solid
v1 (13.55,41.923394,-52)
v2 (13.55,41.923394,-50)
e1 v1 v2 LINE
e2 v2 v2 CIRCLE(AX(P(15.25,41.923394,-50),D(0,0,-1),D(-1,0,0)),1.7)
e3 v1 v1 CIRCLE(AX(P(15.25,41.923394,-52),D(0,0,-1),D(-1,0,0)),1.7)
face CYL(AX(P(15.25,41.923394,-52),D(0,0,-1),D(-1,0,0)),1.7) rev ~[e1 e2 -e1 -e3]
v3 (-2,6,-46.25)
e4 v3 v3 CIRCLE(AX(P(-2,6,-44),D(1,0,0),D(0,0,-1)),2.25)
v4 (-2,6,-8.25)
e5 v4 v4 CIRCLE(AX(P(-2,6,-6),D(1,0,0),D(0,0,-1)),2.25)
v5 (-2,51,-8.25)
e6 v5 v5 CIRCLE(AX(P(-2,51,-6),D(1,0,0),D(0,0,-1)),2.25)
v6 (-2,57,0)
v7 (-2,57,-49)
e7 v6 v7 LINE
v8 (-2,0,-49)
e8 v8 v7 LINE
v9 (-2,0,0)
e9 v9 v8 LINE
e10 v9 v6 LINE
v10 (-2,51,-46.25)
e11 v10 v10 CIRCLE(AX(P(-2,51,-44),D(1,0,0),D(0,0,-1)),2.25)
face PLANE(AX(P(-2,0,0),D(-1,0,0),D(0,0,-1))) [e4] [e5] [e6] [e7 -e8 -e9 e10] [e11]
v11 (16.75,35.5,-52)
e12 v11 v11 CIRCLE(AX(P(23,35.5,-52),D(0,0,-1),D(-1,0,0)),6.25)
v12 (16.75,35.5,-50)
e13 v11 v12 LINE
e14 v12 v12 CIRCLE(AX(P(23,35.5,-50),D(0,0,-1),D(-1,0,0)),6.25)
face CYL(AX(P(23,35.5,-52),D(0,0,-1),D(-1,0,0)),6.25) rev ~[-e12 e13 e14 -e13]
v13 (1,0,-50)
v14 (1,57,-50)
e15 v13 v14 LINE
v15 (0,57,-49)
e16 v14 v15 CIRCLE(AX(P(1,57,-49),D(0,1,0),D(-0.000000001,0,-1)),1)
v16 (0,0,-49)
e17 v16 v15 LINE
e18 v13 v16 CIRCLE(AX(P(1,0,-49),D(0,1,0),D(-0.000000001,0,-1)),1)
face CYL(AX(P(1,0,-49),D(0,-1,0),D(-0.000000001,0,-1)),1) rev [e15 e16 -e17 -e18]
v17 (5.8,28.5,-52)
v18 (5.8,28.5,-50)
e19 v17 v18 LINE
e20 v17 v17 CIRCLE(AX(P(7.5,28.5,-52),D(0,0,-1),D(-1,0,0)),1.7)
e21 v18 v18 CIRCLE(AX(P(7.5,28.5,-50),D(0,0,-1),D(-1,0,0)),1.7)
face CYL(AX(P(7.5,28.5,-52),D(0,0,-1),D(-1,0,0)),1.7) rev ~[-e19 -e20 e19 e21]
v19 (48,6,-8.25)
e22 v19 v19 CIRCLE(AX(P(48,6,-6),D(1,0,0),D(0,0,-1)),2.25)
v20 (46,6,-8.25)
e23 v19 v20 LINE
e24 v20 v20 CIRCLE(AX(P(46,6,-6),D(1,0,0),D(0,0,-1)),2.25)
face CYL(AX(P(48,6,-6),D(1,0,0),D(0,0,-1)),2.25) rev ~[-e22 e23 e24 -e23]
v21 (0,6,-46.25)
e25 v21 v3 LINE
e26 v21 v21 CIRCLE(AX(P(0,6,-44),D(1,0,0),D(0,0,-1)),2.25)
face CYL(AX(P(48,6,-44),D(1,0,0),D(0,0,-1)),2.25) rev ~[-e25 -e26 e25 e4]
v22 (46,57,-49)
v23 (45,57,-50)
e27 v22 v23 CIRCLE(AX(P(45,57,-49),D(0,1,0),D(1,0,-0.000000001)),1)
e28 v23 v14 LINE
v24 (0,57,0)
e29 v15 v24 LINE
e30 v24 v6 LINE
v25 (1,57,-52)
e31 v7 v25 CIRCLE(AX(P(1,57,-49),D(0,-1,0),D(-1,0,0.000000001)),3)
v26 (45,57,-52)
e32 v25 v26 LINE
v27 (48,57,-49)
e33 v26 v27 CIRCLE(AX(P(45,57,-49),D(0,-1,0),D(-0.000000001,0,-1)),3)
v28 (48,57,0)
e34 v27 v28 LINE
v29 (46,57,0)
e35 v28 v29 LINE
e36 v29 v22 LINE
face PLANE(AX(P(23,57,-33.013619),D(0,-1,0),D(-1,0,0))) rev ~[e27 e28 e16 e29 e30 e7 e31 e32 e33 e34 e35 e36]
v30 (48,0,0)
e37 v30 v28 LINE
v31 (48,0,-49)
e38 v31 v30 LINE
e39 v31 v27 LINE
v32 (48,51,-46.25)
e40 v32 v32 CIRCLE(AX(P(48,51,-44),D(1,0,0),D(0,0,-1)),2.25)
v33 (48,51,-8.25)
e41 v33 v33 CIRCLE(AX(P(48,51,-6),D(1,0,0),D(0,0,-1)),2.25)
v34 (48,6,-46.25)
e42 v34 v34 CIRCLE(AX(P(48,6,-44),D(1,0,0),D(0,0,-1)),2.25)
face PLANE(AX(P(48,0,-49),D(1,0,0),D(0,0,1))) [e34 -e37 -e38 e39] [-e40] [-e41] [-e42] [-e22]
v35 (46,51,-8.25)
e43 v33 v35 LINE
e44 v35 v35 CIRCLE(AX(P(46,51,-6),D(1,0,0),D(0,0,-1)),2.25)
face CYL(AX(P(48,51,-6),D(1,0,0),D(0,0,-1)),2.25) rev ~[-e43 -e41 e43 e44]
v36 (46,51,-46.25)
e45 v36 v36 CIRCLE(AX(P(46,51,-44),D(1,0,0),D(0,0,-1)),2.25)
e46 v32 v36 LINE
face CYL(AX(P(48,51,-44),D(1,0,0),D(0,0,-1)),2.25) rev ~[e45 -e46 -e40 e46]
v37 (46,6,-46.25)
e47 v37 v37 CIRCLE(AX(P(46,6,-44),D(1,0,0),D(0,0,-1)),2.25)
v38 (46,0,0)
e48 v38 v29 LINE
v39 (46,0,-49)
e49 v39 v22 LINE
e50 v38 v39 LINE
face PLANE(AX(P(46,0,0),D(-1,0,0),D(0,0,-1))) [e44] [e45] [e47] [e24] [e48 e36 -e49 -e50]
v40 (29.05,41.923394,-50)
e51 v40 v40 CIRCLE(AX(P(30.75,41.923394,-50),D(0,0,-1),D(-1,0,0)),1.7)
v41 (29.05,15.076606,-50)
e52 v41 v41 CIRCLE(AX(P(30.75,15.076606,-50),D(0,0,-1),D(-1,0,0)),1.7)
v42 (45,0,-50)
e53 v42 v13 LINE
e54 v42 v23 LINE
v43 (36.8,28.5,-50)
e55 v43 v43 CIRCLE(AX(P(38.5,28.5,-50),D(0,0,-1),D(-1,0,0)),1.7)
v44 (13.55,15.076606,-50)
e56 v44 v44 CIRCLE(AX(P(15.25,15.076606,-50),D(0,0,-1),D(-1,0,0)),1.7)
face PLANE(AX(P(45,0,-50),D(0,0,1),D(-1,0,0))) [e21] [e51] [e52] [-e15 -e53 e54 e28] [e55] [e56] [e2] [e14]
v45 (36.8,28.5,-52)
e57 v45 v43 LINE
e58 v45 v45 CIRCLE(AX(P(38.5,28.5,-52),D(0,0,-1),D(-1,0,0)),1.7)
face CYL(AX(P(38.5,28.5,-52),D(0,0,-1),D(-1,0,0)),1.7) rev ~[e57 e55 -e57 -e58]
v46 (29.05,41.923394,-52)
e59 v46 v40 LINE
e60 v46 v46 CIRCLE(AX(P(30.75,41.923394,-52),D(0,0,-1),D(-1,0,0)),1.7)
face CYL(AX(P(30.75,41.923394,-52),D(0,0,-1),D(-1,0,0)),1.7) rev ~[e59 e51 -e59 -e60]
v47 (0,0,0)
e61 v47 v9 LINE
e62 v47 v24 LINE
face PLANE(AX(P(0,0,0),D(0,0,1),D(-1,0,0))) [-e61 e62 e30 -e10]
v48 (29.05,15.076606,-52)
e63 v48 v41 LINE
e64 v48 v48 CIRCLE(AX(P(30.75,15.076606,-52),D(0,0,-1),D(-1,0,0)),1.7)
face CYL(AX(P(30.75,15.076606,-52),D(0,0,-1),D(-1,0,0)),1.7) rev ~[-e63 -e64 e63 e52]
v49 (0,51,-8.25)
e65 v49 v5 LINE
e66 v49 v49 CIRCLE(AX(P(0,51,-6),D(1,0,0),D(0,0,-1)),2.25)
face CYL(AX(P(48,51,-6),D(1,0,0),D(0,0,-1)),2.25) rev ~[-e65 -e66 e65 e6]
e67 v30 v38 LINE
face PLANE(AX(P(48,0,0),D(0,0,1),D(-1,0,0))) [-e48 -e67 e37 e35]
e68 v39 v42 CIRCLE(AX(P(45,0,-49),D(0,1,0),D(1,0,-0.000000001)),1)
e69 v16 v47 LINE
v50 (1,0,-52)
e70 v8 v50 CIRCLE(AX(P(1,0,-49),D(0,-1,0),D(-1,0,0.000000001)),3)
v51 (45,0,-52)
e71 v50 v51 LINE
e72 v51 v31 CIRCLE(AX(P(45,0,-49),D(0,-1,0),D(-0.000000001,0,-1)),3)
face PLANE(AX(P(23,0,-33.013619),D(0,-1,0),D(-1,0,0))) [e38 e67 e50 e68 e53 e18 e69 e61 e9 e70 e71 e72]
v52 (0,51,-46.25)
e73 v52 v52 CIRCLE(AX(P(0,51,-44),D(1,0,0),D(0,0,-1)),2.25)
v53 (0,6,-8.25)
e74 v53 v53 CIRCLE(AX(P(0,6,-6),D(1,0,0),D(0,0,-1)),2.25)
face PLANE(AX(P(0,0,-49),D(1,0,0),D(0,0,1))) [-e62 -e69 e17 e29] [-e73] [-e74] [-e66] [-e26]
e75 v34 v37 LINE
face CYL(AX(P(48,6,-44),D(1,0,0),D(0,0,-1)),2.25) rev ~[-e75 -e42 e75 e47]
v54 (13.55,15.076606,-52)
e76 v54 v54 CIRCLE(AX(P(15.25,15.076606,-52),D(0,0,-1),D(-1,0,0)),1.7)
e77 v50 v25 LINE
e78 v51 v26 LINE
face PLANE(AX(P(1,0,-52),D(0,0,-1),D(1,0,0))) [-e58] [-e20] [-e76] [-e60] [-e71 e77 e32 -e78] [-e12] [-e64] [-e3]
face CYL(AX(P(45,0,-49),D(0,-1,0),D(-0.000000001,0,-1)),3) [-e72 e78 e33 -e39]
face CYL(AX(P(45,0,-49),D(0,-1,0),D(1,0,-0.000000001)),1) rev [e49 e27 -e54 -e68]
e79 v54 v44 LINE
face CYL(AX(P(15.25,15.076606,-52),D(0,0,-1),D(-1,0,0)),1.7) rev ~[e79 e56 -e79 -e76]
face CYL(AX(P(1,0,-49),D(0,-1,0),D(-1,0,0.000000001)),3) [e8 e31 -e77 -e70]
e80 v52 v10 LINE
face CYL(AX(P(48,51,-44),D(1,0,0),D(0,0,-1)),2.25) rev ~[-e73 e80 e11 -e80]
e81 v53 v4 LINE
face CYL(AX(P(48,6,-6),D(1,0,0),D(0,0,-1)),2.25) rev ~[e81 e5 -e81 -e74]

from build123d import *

# Parameters (mm, degrees)
BOSS_EXTRUDE1_DEPTH = 57
SKETCH2_R           = 2.25
CUT_EXTRUDE1_DEPTH  = 92.940197955
SKETCH3_R           = 1.7
SKETCH3_R_2         = 6.25
CUT_EXTRUDE2_DEPTH  = 52


with BuildPart() as part:
    # Sketch1 → Boss-Extrude1 (new body)
    with BuildSketch(Plane(origin=(0, 0, 0), x_dir=(1, 0, 0), z_dir=(0, 1, 0))):
        with BuildLine():
            Line((-2, 0), (-2, 49))
            ThreePointArc((-2, 49), (-1.121320344, 51.121320344), (1, 52))
            Line((1, 52), (45, 52))
            ThreePointArc((45, 52), (47.121320344, 51.121320344), (48, 49))
            Line((48, 49), (48, 0))
            Line((48, 0), (46, 0))
            Line((46, 0), (46, 49))
            ThreePointArc((46, 49), (45.707106781, 49.707106781), (45, 50))
            Line((45, 50), (1, 50))
            ThreePointArc((1, 50), (0.292893219, 49.707106781), (0, 49))
            Line((0, 49), (0, 0))
            Line((0, 0), (-2, 0))
        make_face()
    extrude(amount=BOSS_EXTRUDE1_DEPTH)

    # Sketch2 → Cut-Extrude1 (cut, through all)
    with BuildSketch(Plane(origin=(48, 0, 0), x_dir=(0, 0, -1), z_dir=(1, 0, 0))):
        with Locations((6, 51)):
            Circle(SKETCH2_R)
        with Locations((44, 51)):
            Circle(SKETCH2_R)
        with Locations((6, 6)):
            Circle(SKETCH2_R)
        with Locations((44, 6)):
            Circle(SKETCH2_R)
    extrude(amount=-CUT_EXTRUDE1_DEPTH, mode=Mode.SUBTRACT)

    # Sketch3 → Cut-Extrude2 (cut)
    with BuildSketch(Plane(origin=(0, 0, -52), x_dir=(-1, 0, 0), z_dir=(0, 0, -1))):
        with Locations((-38.5, 28.5)):
            Circle(SKETCH3_R)
        with Locations((-30.75, 41.923393759)):
            Circle(SKETCH3_R)
        with Locations((-15.25, 41.923393759)):
            Circle(SKETCH3_R)
        with Locations((-7.5, 28.5)):
            Circle(SKETCH3_R)
        with Locations((-15.25, 15.076606241)):
            Circle(SKETCH3_R)
        with Locations((-30.75, 15.076606241)):
            Circle(SKETCH3_R)
        with Locations((-23, 35.5)):
            Circle(SKETCH3_R_2)
    extrude(amount=-CUT_EXTRUDE2_DEPTH, mode=Mode.SUBTRACT)


solid = part.part
